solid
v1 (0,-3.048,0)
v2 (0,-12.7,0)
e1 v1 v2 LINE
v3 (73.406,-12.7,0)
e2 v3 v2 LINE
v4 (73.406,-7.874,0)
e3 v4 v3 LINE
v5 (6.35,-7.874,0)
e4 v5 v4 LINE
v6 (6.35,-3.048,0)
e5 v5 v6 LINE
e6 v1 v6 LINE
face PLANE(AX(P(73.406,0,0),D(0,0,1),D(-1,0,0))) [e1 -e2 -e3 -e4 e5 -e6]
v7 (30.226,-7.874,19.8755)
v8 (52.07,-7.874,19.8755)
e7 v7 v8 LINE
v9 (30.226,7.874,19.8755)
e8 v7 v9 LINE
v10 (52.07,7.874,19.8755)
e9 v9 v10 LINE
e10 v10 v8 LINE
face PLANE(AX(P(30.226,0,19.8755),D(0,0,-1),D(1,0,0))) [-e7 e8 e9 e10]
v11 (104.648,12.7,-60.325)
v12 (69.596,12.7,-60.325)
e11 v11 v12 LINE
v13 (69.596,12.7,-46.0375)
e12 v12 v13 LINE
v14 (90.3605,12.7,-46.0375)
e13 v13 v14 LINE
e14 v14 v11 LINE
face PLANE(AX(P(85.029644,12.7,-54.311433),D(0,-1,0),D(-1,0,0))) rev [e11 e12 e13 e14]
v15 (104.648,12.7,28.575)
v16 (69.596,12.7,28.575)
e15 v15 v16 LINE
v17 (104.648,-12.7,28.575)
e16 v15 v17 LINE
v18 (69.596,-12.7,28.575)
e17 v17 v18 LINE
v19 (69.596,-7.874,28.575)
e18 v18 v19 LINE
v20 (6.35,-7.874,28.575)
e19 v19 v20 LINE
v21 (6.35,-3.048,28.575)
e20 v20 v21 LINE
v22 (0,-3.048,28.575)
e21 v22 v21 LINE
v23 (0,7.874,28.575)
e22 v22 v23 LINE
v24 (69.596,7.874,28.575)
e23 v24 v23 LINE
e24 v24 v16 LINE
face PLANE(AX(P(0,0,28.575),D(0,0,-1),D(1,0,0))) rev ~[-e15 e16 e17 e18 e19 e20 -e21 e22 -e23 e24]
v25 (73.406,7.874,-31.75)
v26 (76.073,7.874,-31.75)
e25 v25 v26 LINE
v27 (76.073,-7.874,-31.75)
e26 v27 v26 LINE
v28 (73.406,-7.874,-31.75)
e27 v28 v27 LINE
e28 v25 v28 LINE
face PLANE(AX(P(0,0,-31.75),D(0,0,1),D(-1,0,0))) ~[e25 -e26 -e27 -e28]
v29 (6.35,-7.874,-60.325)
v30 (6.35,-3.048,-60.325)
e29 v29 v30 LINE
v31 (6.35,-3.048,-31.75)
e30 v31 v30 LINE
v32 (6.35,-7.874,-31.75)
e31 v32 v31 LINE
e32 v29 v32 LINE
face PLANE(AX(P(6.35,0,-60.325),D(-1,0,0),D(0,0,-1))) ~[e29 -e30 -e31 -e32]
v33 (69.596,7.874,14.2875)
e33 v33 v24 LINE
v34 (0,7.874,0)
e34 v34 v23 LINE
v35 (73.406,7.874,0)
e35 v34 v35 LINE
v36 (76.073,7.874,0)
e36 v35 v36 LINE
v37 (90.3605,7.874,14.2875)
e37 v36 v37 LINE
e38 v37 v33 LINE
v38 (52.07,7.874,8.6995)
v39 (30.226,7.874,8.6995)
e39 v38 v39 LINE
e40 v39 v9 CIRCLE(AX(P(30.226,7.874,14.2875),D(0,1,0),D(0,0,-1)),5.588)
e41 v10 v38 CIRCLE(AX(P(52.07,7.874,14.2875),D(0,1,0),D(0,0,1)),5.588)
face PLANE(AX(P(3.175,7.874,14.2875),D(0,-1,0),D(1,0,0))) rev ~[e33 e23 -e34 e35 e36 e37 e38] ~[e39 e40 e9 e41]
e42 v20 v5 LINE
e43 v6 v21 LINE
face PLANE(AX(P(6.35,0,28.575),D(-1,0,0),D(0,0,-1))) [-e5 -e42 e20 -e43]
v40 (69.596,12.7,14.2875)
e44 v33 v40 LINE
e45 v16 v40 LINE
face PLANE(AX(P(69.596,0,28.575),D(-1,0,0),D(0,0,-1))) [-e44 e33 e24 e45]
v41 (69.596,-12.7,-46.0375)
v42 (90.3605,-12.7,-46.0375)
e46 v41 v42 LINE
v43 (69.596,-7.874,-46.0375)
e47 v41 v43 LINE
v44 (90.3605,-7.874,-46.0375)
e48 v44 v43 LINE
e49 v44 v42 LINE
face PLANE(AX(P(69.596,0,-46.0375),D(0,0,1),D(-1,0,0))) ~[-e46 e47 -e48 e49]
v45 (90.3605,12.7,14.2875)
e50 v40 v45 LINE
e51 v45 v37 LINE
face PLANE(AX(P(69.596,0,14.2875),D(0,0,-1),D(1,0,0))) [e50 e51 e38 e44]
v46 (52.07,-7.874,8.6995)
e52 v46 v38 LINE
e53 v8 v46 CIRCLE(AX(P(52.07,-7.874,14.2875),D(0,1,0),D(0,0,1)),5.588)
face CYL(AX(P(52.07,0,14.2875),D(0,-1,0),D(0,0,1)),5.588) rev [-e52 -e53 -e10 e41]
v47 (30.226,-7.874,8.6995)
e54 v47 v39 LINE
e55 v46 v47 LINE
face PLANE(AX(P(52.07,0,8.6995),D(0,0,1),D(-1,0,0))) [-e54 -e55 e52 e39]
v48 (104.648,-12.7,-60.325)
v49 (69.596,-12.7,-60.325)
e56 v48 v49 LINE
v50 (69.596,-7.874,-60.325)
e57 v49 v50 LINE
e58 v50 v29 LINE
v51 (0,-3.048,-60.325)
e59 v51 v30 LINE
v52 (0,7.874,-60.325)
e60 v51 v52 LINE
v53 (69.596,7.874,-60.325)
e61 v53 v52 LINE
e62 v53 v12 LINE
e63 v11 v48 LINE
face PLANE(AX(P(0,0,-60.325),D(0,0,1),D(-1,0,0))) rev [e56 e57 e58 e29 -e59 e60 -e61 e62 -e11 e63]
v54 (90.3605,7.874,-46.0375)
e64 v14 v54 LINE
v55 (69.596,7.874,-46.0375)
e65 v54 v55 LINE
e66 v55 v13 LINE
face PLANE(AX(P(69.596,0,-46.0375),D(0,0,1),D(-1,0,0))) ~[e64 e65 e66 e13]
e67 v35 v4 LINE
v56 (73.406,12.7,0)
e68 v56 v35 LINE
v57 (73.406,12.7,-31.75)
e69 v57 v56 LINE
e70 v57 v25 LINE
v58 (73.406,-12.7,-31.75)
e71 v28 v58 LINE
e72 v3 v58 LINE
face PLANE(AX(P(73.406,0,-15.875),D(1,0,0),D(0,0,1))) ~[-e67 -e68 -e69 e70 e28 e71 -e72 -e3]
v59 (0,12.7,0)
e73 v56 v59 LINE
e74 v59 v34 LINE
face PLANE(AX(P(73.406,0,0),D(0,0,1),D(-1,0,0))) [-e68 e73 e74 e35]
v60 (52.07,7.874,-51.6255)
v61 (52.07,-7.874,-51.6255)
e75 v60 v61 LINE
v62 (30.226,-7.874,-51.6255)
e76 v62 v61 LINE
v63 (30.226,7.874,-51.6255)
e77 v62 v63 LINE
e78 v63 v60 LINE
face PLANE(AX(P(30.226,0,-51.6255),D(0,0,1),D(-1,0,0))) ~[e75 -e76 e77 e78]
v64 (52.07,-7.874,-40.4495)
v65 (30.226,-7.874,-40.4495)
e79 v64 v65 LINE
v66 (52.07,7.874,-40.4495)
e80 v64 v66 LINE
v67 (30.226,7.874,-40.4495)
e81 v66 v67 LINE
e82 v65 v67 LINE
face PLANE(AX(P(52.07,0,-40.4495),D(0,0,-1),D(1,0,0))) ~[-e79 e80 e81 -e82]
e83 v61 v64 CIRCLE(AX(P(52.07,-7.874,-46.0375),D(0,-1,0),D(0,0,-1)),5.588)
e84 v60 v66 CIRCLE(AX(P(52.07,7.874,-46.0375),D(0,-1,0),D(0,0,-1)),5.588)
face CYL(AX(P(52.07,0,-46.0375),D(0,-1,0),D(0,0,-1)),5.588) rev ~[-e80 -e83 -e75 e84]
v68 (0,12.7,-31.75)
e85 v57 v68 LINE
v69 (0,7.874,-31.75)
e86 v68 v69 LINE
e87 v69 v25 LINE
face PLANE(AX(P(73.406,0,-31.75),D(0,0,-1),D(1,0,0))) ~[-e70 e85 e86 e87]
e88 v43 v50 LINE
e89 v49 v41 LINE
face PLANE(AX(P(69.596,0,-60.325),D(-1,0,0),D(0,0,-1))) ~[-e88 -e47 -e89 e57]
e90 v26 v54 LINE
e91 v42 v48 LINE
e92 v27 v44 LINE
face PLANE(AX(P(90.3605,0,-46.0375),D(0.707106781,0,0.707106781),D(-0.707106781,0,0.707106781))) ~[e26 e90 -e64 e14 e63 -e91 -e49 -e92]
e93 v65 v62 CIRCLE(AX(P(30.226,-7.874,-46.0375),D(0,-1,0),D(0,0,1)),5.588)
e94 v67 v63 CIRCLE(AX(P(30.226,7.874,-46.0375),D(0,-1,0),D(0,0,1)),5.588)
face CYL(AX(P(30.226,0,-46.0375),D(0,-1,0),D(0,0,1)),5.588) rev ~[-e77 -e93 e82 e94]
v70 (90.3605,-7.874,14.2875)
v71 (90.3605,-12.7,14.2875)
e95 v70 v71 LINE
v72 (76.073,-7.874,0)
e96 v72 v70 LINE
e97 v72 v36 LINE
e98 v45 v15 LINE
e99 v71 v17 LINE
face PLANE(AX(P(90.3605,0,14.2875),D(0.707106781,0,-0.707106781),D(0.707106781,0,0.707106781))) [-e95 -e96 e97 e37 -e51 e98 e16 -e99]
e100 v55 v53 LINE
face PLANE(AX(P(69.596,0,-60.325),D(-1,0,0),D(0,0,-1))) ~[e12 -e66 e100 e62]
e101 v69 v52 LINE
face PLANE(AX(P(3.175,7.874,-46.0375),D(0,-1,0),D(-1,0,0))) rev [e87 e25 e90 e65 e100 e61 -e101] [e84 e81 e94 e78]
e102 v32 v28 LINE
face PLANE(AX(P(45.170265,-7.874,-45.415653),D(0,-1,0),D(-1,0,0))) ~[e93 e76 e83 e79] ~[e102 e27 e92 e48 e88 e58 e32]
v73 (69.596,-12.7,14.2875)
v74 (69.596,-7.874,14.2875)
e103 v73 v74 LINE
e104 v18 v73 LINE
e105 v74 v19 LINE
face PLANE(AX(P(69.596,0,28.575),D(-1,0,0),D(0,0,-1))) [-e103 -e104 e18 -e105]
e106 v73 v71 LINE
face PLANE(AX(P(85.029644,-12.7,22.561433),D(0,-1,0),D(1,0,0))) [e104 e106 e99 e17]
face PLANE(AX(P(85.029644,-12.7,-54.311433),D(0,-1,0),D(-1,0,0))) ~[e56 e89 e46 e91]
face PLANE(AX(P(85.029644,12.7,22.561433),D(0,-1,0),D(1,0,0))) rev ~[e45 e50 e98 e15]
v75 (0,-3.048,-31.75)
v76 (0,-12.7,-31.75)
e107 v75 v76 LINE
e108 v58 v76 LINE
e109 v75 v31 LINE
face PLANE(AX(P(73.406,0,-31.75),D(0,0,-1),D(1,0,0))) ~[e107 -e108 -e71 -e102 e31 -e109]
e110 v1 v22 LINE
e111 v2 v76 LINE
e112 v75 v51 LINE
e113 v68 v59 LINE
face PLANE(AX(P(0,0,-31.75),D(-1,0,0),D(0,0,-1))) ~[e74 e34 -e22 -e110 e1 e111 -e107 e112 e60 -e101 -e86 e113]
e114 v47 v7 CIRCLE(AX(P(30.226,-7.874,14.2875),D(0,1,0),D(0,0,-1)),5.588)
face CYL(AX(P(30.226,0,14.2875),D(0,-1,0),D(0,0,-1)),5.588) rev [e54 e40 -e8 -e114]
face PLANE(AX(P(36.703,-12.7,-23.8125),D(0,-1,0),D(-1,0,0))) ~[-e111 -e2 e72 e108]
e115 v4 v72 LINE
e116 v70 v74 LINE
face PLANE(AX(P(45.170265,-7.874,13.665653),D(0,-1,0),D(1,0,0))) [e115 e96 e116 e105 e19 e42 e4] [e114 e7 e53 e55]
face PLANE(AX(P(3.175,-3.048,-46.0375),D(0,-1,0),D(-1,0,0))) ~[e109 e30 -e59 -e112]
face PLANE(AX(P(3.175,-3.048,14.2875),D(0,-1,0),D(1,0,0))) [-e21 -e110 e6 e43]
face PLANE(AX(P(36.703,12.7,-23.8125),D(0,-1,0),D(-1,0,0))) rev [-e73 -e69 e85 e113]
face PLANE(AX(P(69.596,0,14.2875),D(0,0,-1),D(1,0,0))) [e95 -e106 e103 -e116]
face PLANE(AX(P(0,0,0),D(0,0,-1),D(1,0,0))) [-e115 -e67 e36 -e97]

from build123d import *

# Parameters (mm, degrees)
F1_DEPTH      = 12.7
F2_DEPTH      = 7.874
F0_W          = 6.35
F0_H          = 28.575
F3_DEPTH      = 3.048
F3_DEPTH_BACK = 7.874
F4_DEPTH      = 12.7


with BuildPart() as f1:
    # F0 (on Front) → F1 (new body, symmetric)
    with BuildSketch(Plane.XZ):
        Polygon((69.596, 14.2875), (90.3605, 14.2875), (104.648, 28.575), (69.596, 28.575), align=None)
    extrude(amount=F1_DEPTH, both=True)

    # F0 (on Front) → F2 (join, symmetric)
    with BuildSketch(Plane.XZ):
        Polygon((73.406, 0), (76.073, 0), (90.3605, 14.2875), (69.596, 14.2875), (69.596, 28.575), (6.35, 28.575), (6.35, 0), align=None)
        with BuildLine():
            ThreePointArc((52.07, 19.8755), (57.658, 14.2875), (52.07, 8.6995))
            Line((52.07, 8.6995), (30.226, 8.6995))
            ThreePointArc((30.226, 8.6995), (24.638, 14.2875), (30.226, 19.8755))
            Line((30.226, 19.8755), (52.07, 19.8755))
        make_face(mode=Mode.SUBTRACT)
    extrude(amount=F2_DEPTH, both=True)

    # F0 (on Front) → F3 (join, two sides)
    with BuildSketch(Plane.XZ) as f3_sk:
        with Locations((3.175, 14.2875)):
            Rectangle(F0_W, F0_H)
    extrude(amount=F3_DEPTH)
    extrude(f3_sk.sketch, amount=-F3_DEPTH_BACK)

    # F0 (on Front) → F4 (join, symmetric)
    with BuildSketch(Plane.XZ):
        Polygon((73.406, -15.875), (73.406, 0), (6.35, 0), (0, 0), (0, -15.875), align=None)
    extrude(amount=F4_DEPTH, both=True)

    # F5: F1 across face


with BuildPart() as f1_1:
    add(f1.part)
    add(f1.part.mirror(Plane(origin=(36.703, 0, -15.875), x_dir=(1, 0, 0), z_dir=(0, 0, -1))))


solid = f1_1.part
